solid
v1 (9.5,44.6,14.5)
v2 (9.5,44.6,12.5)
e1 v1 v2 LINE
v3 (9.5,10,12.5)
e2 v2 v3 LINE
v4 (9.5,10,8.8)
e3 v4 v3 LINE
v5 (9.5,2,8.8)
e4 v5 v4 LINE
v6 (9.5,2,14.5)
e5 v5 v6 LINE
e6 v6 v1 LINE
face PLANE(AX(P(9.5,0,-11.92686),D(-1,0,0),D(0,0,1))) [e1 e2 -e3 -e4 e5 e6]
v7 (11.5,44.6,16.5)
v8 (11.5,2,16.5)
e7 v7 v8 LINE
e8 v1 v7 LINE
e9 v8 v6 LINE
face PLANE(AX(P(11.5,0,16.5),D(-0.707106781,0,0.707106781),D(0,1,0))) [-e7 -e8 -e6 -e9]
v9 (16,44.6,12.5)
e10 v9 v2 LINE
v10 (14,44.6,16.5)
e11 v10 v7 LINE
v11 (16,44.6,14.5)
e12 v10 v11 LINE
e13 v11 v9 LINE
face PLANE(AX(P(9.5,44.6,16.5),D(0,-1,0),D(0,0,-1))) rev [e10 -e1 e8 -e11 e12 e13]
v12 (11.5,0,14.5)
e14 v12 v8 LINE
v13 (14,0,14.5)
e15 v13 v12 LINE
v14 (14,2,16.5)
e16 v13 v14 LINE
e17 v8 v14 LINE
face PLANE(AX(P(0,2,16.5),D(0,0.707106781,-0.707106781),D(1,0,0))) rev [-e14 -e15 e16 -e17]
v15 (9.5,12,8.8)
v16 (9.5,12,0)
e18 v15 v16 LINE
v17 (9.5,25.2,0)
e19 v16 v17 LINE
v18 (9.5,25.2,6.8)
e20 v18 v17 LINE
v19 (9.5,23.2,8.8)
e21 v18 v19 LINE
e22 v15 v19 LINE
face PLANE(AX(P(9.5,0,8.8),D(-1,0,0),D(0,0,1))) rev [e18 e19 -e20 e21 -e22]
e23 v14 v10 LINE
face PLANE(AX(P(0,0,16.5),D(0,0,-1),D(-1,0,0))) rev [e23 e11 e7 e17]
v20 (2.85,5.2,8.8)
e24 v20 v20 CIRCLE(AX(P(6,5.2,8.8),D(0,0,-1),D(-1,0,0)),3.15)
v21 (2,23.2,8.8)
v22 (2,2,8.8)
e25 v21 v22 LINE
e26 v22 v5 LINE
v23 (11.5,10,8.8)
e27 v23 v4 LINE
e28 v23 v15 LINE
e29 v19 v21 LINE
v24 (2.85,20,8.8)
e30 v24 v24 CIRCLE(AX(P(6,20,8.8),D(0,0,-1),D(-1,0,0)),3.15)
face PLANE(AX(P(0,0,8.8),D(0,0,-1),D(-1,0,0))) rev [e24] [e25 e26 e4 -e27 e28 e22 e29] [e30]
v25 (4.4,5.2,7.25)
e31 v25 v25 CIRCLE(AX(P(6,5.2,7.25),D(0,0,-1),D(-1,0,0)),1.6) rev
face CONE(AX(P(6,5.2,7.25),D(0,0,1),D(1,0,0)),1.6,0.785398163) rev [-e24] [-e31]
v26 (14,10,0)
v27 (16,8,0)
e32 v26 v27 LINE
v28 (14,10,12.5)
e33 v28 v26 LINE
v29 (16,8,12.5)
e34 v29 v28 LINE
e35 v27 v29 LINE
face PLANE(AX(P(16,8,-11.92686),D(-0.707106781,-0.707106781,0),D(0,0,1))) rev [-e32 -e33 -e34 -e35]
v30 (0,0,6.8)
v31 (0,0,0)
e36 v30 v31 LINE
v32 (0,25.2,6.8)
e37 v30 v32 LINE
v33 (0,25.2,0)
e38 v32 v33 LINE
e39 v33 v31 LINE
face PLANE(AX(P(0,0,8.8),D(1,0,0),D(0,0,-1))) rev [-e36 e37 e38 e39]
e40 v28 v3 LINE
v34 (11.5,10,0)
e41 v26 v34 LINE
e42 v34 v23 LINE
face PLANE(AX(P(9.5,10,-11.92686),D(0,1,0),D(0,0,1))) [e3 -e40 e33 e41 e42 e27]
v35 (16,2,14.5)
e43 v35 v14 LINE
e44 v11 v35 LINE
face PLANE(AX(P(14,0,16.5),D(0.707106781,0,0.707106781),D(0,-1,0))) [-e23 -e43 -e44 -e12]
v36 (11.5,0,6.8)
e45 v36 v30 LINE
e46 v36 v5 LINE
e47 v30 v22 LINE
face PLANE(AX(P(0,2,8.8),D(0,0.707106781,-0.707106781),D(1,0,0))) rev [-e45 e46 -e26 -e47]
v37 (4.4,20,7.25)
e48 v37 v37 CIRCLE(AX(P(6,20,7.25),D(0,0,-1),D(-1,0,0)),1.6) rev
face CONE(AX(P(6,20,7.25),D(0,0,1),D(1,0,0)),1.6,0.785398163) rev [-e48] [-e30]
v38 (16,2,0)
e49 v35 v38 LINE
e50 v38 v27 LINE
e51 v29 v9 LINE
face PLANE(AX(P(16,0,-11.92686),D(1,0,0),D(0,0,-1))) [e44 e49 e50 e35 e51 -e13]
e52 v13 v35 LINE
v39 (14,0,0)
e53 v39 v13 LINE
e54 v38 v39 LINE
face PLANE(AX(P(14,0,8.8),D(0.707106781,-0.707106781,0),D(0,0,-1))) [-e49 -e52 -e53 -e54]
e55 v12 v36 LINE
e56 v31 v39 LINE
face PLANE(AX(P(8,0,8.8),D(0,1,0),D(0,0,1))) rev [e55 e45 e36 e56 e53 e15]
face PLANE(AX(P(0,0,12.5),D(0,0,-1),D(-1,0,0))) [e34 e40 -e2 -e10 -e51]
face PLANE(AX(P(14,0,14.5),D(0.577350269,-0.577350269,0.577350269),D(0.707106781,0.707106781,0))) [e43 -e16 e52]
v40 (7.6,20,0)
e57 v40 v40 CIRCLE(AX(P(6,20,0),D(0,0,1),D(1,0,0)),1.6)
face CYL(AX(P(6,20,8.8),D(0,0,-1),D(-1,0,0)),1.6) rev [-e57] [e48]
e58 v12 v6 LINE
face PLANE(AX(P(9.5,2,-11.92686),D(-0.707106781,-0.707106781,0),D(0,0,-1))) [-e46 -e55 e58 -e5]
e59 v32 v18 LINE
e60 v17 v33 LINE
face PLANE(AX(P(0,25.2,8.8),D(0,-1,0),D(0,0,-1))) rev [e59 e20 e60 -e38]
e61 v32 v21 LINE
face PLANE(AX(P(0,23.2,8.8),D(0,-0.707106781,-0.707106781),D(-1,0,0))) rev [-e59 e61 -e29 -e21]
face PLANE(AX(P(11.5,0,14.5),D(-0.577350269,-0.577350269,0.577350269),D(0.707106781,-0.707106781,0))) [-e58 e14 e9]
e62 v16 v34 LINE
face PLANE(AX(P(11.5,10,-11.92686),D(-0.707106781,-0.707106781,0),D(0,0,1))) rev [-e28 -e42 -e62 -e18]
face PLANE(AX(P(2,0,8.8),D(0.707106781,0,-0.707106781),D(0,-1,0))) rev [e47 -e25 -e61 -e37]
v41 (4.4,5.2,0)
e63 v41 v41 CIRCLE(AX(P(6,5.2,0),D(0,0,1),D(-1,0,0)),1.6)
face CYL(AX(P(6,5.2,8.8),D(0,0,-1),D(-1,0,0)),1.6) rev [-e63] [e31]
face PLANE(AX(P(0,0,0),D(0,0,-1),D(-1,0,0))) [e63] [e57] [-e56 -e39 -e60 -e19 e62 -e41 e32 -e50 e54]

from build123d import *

# Parameters (mm, degrees)
SKETCH1_R                       = 1.6
BOSS_EXTRUDE1_DEPTH             = 8.8
SKETCH2_W                       = 6.5
SKETCH2_H                       = 10
BOSS_EXTRUDE2_DEPTH             = 3.7
BOSS_EXTRUDE2_DIRECTION_2_REACH = 30.332
SKETCH3_W                       = 6.5
SKETCH3_H                       = 44.6
BOSS_EXTRUDE3_DEPTH             = 4
CHAMFER1_SIZE                   = 2
CHAMFER2_SIZE                   = 1.55


with BuildPart() as part:
    # Sketch1 → Boss-Extrude1 (new body)
    with BuildSketch(Plane.XY):
        Polygon((0, 0), (8, 0), (9.5, 0), (9.5, 25.2), (8, 25.2), (0, 25.2), align=None)
        with Locations((6, 20)):
            Circle(SKETCH1_R, mode=Mode.SUBTRACT)
        with Locations(Location((6, 5.2, 0), (0, 0, 180))):
            Circle(SKETCH1_R, mode=Mode.SUBTRACT)
    extrude(amount=BOSS_EXTRUDE1_DEPTH)

    # Sketch2 → Boss-Extrude2 (add)
    with BuildSketch(Plane.XY.offset(8.8)):
        with Locations((12.75, 5)):
            Rectangle(SKETCH2_W, SKETCH2_H)
    extrude(amount=BOSS_EXTRUDE2_DEPTH)

    # Boss-Extrude2 direction 2: up to this face of the body (flat: up to its plane)
    boss_extrude2_direction_2_end = Plane(part.part.faces().sort_by_distance((4.659964898, 12.6, 0))[0])
    # Sketch2 → Boss-Extrude2 direction 2 (add, up to the picked face)
    with BuildSketch(Plane.XY.offset(8.8), mode=Mode.PRIVATE) as boss_extrude2_direction_2_sk1:
        with Locations((12.75, 5)):
            Rectangle(SKETCH2_W, SKETCH2_H)
    boss_extrude2_direction_2_tool1 = split(extrude(boss_extrude2_direction_2_sk1.sketch, amount=-BOSS_EXTRUDE2_DIRECTION_2_REACH, mode=Mode.PRIVATE), bisect_by=boss_extrude2_direction_2_end, keep=Keep.BOTH, mode=Mode.PRIVATE)
    add(boss_extrude2_direction_2_tool1.solids().sort_by(Axis((12.75, 5, 8.8), (0, 0, -1)))[0])

    # Sketch3 → Boss-Extrude3 (add)
    with BuildSketch(Plane.XY.offset(12.5)):
        with Locations((12.75, 22.3)):
            Rectangle(SKETCH3_W, SKETCH3_H)
    extrude(amount=BOSS_EXTRUDE3_DEPTH)

    # Chamfer1
    chamfer1_edges = [part.edges().sort_by_distance(p)[0] for p in [
        (4.75, 25.2, 8.8),
        (9.5, 0, 12.65),
        (16, 0, 8.25),
        (16, 10, 6.25),
        (9.5, 10, 4.4),
        (9.5, 22.3, 16.5),
        (12.75, 0, 16.5),
        (16, 22.3, 16.5),
        (0, 12.6, 8.8),
        (4.75, 0, 8.8),
    ]]
    chamfer(chamfer1_edges, length=CHAMFER1_SIZE)

    # Chamfer2
    chamfer2_edges = [part.edges().sort_by_distance(p)[0] for p in [
        (4.4, 20, 8.8),
        (7.6, 5.2, 8.8),
    ]]
    chamfer(chamfer2_edges, length=CHAMFER2_SIZE)


solid = part.part
